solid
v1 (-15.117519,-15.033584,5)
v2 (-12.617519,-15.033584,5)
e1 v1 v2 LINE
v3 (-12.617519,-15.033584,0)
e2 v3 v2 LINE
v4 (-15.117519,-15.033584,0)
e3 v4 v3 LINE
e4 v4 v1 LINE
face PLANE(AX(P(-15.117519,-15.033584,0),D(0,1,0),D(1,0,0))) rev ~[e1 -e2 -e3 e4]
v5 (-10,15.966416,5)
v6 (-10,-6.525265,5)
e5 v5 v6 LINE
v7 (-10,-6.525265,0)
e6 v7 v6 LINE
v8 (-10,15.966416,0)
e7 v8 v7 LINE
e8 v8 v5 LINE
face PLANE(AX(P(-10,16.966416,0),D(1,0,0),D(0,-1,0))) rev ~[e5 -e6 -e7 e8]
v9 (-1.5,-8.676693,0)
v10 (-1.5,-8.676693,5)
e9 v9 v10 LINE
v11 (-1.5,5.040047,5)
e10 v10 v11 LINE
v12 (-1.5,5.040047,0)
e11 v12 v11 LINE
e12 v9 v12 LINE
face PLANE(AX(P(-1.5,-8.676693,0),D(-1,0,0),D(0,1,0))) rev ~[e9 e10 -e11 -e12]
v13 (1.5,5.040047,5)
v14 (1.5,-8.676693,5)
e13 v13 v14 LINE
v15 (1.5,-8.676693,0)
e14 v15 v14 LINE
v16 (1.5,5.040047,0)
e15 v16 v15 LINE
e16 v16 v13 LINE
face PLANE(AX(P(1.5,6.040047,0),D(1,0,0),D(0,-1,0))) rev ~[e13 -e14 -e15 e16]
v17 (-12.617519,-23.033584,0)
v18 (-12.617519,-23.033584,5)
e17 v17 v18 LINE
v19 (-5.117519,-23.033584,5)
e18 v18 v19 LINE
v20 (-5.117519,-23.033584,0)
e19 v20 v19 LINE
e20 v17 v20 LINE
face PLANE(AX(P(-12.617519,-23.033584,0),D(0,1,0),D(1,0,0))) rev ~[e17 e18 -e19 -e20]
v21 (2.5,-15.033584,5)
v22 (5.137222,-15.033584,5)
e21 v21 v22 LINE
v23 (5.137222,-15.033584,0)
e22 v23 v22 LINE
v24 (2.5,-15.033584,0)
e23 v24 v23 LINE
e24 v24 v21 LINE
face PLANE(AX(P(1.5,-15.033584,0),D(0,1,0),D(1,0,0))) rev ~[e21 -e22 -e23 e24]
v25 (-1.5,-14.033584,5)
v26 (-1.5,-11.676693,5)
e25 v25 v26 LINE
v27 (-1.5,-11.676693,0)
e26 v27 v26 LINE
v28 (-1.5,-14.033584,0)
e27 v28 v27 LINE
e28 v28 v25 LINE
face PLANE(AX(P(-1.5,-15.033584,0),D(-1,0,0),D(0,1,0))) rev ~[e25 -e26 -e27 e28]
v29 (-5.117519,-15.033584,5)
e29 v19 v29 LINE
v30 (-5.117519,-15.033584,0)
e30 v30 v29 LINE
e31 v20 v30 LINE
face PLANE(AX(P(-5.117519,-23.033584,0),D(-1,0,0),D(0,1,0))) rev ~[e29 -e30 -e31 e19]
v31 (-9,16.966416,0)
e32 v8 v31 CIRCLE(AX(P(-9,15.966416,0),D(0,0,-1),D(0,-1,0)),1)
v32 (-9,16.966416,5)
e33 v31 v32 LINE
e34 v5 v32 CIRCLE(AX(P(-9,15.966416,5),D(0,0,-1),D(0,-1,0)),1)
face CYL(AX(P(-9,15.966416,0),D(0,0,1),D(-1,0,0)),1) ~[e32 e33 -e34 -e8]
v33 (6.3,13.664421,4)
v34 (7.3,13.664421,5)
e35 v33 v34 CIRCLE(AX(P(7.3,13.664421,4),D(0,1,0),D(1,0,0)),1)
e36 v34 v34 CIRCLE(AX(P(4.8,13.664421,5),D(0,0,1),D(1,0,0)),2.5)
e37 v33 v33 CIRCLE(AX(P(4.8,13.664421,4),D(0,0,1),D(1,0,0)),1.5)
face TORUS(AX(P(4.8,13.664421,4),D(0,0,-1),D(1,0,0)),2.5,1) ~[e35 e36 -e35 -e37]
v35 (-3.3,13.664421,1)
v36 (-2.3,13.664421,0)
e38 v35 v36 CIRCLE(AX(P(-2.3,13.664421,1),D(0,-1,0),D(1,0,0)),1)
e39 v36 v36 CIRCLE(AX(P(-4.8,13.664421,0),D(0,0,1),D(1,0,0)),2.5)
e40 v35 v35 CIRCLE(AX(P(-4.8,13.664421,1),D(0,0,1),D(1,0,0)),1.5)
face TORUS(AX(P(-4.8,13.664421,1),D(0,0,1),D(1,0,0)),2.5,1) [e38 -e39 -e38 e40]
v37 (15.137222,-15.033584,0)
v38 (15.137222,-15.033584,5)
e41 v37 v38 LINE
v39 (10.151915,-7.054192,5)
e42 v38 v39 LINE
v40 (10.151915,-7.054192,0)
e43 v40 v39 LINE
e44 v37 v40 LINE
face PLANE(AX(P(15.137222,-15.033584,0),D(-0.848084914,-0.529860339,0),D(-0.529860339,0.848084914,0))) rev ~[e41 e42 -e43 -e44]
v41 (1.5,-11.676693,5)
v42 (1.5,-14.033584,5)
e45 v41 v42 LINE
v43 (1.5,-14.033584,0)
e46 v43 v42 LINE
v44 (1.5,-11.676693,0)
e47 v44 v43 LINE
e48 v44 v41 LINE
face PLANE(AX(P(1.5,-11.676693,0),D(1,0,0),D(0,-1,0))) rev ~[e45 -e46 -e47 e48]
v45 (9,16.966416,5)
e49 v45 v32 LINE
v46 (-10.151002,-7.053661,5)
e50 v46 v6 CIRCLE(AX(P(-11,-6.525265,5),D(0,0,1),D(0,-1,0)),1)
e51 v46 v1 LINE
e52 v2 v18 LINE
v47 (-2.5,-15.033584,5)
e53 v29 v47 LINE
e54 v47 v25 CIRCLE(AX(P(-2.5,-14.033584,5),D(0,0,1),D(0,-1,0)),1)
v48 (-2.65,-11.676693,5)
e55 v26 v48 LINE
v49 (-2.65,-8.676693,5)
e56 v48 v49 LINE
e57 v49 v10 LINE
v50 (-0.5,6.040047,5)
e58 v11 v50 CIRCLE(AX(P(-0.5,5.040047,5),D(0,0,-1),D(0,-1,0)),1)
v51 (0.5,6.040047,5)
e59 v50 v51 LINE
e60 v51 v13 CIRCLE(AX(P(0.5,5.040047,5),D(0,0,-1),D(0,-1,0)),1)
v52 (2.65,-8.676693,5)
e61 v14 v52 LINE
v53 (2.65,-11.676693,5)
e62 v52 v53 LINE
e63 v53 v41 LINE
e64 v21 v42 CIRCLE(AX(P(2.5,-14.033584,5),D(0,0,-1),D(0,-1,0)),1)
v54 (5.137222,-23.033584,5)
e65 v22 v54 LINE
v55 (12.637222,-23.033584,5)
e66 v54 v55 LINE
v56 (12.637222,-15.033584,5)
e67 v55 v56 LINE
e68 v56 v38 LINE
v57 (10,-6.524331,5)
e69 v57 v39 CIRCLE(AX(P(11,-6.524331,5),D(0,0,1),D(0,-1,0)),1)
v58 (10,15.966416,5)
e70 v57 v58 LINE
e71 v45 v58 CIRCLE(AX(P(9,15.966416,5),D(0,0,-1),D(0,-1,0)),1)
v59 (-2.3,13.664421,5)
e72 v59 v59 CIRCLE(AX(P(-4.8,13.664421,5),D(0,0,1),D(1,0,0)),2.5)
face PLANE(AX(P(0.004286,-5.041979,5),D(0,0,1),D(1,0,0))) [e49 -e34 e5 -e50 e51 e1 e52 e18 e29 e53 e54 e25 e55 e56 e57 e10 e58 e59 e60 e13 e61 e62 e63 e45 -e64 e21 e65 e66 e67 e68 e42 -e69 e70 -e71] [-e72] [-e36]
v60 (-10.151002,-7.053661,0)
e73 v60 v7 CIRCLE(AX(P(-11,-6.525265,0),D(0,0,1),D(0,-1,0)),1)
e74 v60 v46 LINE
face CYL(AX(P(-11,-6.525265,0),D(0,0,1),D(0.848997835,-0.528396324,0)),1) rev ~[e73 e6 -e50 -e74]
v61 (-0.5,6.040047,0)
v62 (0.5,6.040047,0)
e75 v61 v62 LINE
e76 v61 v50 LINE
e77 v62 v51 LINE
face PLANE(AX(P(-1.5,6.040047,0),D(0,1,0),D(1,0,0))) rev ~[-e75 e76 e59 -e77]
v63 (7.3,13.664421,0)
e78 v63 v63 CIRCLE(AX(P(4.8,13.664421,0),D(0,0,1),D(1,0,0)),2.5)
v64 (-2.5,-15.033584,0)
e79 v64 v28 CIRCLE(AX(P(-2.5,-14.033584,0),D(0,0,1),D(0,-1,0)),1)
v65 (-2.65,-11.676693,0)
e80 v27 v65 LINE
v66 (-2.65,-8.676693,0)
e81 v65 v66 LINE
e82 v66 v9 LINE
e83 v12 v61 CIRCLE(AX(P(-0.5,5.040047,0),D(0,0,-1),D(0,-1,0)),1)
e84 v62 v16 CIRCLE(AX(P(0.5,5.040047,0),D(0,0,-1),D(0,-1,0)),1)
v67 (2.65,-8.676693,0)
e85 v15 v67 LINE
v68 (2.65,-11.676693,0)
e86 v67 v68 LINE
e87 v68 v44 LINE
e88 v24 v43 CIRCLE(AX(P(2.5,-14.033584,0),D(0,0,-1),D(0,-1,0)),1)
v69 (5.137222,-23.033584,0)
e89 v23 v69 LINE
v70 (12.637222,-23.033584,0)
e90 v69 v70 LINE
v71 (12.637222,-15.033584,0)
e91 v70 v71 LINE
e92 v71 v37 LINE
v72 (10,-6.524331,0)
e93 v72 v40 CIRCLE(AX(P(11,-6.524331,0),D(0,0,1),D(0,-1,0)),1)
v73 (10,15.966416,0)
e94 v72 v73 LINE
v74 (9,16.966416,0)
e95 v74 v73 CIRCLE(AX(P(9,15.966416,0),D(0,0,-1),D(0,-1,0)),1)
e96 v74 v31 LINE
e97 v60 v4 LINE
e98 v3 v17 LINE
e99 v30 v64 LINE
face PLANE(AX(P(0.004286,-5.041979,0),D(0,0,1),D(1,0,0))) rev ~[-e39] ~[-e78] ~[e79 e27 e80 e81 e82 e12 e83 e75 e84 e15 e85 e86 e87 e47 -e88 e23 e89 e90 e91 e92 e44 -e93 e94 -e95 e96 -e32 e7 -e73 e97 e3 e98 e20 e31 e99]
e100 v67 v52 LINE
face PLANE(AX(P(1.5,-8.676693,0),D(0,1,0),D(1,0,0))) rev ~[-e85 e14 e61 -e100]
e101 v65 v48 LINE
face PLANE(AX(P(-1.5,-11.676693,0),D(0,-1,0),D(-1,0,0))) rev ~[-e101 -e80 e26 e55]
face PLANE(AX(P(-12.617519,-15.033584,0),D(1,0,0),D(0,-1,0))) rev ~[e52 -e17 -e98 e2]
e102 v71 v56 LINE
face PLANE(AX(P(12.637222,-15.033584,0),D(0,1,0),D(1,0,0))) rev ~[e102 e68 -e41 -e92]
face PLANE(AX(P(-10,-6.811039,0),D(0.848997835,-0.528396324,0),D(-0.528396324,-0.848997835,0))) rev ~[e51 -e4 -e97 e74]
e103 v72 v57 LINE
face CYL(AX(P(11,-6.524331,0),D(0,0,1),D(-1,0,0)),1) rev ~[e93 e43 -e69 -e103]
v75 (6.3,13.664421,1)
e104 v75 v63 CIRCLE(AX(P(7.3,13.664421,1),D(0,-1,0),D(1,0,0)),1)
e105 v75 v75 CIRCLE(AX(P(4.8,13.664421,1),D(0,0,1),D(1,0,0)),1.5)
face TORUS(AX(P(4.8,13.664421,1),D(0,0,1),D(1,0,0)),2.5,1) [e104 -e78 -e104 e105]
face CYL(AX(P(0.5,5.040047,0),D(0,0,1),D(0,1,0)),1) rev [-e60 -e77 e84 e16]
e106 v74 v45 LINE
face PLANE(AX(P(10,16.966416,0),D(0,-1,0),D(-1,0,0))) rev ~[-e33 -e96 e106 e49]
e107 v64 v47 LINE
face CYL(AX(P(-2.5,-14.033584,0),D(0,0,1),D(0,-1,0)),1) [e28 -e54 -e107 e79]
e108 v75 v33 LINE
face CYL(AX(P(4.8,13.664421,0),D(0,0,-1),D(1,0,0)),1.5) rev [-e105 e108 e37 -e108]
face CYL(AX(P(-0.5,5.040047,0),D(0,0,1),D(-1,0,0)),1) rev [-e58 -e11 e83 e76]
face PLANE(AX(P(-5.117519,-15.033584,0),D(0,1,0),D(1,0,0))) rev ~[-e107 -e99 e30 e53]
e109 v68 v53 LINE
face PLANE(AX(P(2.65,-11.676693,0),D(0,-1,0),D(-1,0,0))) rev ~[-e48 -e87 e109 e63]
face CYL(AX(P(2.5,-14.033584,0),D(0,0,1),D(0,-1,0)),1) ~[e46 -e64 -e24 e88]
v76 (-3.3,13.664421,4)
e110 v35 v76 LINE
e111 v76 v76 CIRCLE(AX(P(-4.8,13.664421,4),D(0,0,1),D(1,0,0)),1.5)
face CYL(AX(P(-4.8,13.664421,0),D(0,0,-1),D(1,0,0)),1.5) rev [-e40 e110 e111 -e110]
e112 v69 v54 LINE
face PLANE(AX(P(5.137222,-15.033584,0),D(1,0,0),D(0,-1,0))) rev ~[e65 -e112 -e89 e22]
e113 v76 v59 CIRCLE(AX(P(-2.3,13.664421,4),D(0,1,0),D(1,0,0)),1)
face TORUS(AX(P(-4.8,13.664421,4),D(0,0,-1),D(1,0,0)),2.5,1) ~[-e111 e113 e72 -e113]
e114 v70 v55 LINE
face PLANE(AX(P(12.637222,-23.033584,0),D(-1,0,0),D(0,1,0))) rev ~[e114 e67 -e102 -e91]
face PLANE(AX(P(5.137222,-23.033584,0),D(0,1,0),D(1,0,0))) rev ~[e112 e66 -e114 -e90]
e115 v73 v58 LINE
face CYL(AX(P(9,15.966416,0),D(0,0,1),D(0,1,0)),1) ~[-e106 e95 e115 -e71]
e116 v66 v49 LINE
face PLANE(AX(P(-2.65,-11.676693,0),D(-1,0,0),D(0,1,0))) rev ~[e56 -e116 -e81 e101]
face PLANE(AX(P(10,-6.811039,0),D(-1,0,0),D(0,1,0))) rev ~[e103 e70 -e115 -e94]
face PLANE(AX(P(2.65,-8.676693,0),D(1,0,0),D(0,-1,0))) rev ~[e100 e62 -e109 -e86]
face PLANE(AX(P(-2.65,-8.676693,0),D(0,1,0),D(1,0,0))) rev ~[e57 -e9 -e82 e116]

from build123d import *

# Parameters (mm, degrees)
F0_R     = 1.5
F1_DEPTH = 5
F2_R     = 1


with BuildPart() as f1:
    # F0 (on Top) → F1 (new body)
    with BuildSketch(Plane.XY):
        Polygon((-12.617519, -15.033584), (-12.617519, -23.033584), (-5.117519, -23.033584), (-5.117519, -15.033584), (-1.5, -15.033584), (-1.5, -11.676693), (-2.65, -11.676693), (-2.65, -8.676693), (-1.5, -8.676693), (-1.5, 6.040047), (1.5, 6.040047), (1.5, -8.676693), (2.65, -8.676693), (2.65, -11.676693), (1.5, -11.676693), (1.5, -15.033584), (5.137222, -15.033584), (5.137222, -23.033584), (12.637222, -23.033584), (12.637222, -15.033584), (15.137222, -15.033584), (10, -6.811039), (10, 16.966416), (-10, 16.966416), (-10, -6.811039), (-15.117519, -15.033584), align=None)
        with Locations((-4.8, 13.664421)):
            Circle(F0_R, mode=Mode.SUBTRACT)
        with Locations((4.8, 13.664421)):
            Circle(F0_R, mode=Mode.SUBTRACT)
    extrude(amount=F1_DEPTH)

    # F2
    f2_edges = [f1.edges().sort_by_distance(p)[0] for p in [
        (10, 16.966416, 2.5),
        (10, -6.811039, 2.5),
        (-10, -6.811039, 2.5),
        (-10, 16.966416, 2.5),
        (-6.3, 13.664421, 0),
        (3.3, 13.664421, 0),
        (3.3, 13.664421, 5),
        (-6.3, 13.664421, 5),
        (1.5, -15.033584, 2.5),
        (-1.5, -15.033584, 2.5),
        (1.5, 6.040047, 2.5),
        (-1.5, 6.040047, 2.5),
    ]]
    fillet(f2_edges, radius=F2_R)


solid = f1.part
